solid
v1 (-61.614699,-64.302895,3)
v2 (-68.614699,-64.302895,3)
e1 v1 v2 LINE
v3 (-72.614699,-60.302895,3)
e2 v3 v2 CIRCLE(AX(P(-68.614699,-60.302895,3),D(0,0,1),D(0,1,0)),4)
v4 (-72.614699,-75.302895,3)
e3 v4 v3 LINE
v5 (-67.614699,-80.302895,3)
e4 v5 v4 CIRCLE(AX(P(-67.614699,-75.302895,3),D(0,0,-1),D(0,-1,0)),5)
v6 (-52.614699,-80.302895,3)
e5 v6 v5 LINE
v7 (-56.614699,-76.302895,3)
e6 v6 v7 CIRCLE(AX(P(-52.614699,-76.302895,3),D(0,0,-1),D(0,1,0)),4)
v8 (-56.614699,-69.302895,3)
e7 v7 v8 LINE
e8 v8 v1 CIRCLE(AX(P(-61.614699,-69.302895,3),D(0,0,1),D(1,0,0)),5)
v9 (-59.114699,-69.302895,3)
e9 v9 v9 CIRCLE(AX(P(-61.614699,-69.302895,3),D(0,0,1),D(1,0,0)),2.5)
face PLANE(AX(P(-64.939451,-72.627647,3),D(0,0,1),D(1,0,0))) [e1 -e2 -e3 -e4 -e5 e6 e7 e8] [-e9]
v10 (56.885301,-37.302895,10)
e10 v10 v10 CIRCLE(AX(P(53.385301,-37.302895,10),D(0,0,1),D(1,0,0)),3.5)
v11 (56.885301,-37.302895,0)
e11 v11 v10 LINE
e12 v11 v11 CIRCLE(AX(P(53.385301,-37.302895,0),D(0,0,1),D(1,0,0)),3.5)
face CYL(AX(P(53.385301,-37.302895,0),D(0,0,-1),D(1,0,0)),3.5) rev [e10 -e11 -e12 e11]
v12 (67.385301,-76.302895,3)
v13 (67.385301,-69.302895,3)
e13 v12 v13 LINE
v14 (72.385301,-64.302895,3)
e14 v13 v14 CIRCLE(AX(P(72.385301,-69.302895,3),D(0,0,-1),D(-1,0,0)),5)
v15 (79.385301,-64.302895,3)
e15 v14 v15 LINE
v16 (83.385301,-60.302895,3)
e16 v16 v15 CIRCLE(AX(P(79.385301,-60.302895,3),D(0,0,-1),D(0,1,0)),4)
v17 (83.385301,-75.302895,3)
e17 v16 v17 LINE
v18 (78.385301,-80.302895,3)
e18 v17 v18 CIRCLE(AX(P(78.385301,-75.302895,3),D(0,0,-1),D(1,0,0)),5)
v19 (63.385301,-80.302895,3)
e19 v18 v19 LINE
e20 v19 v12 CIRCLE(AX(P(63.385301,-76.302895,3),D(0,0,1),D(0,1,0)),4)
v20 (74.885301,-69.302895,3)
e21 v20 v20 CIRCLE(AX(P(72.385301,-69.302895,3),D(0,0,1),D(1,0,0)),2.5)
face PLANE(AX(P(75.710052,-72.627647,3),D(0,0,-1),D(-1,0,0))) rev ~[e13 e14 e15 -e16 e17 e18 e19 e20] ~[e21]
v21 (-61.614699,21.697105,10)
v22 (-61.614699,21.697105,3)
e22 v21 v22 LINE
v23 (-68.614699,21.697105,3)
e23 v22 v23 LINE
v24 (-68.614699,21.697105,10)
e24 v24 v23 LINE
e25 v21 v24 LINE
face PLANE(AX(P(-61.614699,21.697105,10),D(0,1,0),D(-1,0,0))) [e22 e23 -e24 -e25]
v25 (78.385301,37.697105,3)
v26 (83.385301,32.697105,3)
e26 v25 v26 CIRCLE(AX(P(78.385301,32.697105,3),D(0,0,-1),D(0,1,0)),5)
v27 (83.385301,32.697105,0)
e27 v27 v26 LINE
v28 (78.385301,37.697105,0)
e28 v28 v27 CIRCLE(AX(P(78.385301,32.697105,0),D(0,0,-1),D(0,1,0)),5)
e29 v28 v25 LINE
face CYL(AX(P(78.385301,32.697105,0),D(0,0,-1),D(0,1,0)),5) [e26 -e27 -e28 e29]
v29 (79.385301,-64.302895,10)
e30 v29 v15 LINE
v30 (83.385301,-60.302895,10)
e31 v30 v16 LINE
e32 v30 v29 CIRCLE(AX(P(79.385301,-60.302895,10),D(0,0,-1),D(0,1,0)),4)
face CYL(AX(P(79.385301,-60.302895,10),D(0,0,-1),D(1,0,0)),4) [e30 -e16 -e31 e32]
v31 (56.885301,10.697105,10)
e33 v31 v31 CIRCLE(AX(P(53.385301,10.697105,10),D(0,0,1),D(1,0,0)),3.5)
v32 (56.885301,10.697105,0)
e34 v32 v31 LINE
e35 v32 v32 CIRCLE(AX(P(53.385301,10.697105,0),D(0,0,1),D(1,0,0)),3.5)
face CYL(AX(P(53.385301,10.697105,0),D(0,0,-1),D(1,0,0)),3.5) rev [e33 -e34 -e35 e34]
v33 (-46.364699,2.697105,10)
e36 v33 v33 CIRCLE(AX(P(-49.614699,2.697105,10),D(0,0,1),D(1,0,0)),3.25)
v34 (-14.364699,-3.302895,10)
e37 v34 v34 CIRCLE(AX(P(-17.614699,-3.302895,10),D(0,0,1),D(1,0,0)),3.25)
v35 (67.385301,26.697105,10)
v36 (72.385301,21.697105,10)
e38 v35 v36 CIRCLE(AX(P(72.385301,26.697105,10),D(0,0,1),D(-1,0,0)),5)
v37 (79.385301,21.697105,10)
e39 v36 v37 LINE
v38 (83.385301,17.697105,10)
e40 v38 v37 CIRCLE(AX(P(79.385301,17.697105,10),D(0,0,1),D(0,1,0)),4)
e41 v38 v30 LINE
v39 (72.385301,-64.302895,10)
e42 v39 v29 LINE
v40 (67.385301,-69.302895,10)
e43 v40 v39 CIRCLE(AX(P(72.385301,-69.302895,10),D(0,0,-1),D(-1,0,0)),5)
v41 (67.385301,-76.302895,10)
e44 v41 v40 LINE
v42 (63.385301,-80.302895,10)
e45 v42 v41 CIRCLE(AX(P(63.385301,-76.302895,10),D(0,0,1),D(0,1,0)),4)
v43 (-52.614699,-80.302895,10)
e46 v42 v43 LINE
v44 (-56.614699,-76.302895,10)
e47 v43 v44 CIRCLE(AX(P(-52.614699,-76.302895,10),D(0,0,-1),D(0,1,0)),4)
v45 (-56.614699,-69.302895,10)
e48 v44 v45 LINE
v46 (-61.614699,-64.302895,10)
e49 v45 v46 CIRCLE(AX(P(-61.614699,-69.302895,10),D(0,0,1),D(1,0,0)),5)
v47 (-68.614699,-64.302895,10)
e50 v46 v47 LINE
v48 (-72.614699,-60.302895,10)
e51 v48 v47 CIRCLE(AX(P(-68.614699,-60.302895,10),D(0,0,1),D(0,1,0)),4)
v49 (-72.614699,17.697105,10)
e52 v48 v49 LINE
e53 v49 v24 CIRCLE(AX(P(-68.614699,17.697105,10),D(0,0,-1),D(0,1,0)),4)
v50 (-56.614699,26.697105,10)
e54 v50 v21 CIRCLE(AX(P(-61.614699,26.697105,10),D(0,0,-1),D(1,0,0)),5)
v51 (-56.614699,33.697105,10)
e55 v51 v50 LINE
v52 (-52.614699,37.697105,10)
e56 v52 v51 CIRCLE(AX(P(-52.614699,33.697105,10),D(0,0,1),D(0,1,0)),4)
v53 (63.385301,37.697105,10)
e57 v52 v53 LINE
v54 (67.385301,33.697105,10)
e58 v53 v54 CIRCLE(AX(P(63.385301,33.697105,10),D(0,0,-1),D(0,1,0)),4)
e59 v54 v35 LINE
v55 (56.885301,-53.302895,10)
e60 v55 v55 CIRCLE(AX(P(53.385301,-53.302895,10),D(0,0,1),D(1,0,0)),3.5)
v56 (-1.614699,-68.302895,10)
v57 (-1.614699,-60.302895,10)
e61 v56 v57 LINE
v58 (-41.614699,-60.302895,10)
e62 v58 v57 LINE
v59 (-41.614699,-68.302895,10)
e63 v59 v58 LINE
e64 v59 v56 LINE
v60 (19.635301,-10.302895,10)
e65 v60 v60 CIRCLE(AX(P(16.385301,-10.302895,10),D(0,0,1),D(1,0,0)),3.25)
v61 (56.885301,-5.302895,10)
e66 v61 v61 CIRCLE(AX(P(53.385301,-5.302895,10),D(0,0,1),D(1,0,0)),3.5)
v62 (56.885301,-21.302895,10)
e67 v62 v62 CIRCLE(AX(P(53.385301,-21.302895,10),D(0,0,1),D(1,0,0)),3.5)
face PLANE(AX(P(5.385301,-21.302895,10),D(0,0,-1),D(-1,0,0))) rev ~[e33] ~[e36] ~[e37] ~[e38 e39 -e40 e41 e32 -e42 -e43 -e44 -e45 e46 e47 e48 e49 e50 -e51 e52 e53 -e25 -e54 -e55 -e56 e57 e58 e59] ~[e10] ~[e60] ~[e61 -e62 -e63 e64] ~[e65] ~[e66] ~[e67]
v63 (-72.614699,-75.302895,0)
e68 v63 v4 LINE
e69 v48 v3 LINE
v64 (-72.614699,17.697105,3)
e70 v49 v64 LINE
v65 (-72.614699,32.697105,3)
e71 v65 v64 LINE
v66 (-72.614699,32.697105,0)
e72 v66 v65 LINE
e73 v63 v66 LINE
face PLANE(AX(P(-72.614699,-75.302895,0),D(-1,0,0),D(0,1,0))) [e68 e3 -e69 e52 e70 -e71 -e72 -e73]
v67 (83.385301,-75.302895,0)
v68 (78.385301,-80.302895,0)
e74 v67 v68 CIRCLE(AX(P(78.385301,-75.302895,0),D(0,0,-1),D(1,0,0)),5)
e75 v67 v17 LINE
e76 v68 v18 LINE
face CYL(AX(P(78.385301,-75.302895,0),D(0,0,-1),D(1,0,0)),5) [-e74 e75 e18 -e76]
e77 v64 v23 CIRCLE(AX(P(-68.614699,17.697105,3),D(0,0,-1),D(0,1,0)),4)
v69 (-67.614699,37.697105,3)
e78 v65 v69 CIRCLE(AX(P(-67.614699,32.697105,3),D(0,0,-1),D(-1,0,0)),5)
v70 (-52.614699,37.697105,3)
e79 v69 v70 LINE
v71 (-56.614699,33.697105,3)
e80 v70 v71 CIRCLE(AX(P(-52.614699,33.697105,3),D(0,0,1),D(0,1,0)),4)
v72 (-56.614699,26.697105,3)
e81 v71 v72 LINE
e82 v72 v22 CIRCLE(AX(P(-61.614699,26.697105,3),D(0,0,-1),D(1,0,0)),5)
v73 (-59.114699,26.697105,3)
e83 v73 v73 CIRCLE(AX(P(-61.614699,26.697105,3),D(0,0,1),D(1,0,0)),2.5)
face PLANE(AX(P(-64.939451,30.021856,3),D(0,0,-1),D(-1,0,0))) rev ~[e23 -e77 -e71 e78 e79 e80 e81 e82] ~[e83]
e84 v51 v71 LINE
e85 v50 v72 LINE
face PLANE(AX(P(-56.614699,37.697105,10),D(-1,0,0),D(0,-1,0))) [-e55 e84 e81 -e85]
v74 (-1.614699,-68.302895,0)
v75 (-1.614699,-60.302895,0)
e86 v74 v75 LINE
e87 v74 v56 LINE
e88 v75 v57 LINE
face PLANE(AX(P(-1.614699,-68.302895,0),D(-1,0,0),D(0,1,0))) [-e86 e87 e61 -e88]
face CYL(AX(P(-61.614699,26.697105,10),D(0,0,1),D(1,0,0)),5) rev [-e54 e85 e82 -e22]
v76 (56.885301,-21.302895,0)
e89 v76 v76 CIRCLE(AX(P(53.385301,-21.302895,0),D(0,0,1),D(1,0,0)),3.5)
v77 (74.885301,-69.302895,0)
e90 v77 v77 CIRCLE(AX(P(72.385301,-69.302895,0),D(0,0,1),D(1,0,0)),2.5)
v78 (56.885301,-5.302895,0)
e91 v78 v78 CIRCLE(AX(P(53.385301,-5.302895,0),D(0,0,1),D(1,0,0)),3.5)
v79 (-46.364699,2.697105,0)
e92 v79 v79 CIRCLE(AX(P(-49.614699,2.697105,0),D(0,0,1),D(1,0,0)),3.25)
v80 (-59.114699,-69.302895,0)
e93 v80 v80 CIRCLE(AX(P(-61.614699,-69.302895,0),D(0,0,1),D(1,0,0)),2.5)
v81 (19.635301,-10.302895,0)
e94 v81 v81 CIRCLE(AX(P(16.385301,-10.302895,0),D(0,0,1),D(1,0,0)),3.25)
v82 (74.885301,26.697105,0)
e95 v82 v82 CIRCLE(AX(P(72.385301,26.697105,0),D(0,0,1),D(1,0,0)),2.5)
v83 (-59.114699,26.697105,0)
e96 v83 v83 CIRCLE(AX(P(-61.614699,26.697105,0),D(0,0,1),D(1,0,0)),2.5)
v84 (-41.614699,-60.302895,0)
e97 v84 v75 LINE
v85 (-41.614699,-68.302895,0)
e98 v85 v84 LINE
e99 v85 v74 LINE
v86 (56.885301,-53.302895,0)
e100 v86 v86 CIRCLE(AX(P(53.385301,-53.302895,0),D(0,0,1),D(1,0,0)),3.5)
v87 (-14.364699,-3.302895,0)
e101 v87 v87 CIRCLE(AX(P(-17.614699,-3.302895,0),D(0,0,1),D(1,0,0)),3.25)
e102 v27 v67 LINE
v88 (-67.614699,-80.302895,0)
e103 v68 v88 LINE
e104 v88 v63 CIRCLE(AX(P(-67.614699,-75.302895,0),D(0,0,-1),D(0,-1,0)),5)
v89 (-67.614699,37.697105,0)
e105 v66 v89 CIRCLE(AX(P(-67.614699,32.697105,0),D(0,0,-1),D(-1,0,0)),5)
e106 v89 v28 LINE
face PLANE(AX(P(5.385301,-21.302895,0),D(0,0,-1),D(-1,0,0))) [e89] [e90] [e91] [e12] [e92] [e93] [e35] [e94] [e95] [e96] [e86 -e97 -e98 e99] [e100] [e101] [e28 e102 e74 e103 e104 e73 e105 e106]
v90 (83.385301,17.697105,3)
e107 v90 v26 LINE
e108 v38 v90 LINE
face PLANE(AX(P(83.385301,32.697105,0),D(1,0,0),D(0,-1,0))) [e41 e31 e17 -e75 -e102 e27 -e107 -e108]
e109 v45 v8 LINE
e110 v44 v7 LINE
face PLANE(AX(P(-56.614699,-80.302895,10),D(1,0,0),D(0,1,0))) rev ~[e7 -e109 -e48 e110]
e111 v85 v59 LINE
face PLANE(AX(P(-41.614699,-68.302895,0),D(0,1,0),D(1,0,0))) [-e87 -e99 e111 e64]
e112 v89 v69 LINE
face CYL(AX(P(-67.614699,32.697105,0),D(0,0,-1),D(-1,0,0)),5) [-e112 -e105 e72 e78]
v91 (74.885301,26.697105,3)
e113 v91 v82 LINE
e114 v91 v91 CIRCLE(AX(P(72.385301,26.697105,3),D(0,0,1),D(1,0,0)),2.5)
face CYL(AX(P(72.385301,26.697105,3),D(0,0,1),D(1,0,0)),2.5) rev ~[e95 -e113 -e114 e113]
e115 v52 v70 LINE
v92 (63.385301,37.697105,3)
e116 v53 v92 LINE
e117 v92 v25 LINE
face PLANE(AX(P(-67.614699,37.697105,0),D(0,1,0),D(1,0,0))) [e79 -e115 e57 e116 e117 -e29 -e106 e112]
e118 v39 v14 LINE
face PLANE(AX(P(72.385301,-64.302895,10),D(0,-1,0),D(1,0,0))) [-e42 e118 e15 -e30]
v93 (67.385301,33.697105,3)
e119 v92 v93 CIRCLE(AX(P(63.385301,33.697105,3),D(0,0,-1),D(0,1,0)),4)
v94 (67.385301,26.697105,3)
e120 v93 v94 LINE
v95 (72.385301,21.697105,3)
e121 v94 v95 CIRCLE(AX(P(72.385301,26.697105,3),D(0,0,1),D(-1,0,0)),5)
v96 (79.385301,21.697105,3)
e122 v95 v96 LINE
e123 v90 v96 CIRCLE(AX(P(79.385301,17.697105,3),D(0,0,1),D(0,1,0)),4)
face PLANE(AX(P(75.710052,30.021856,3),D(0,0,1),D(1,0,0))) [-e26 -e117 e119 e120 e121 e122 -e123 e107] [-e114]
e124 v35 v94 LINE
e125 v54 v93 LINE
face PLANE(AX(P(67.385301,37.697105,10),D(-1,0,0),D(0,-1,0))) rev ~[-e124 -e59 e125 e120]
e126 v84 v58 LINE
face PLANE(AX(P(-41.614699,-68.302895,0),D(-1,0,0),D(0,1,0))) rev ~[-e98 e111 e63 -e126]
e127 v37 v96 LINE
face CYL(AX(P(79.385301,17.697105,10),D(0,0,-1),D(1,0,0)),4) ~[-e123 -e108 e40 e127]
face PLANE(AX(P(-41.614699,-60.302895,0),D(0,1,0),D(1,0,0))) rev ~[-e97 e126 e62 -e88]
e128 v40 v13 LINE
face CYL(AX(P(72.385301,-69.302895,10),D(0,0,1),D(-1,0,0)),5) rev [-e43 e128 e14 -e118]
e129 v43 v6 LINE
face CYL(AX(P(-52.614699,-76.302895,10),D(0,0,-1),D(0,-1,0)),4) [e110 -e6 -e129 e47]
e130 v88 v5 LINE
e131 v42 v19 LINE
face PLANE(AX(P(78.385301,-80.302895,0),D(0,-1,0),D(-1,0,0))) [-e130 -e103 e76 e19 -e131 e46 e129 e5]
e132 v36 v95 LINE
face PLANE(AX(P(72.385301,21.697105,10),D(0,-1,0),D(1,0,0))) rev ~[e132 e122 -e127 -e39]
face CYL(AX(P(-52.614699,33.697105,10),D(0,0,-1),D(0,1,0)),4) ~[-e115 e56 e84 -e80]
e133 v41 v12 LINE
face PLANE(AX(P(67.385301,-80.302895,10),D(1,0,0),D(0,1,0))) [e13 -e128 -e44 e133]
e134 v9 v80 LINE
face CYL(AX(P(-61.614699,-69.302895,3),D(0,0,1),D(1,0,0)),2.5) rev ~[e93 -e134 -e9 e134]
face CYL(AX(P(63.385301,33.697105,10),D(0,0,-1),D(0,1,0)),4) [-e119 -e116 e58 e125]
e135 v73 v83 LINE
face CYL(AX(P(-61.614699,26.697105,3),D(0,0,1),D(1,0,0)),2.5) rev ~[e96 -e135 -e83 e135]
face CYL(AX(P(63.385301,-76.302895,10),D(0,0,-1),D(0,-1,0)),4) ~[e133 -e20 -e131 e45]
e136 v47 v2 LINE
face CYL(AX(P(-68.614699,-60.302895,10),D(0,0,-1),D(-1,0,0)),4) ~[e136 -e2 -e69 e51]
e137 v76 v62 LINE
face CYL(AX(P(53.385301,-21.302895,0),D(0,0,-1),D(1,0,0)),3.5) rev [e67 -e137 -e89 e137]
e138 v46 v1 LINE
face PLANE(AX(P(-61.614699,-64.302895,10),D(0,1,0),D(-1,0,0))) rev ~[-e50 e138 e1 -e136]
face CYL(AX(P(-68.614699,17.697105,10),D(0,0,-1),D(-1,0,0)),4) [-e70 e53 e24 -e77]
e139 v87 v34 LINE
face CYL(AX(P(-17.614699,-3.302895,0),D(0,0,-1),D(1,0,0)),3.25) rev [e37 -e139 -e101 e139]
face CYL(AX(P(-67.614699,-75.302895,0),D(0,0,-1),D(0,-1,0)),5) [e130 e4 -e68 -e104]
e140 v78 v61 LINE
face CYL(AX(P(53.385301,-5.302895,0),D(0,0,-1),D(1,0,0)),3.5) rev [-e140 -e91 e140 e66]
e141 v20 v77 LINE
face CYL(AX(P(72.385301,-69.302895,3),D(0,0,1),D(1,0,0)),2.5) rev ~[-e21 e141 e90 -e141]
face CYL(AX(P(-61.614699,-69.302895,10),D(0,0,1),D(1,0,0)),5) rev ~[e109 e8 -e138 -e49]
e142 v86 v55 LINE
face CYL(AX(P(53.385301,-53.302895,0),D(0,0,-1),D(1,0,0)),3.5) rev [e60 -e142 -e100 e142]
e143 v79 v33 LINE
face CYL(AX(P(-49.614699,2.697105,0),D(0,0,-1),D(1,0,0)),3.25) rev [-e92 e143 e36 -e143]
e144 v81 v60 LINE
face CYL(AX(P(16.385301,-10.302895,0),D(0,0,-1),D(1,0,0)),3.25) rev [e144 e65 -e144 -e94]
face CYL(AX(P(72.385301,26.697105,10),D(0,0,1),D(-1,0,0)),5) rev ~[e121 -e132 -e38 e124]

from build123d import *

# Parameters (mm, degrees)
SKETCH1_R           = 3.25
SKETCH1_R_2         = 3.5
SKETCH1_W           = 40
SKETCH1_H           = 8
BOSS_EXTRUDE1_DEPTH = 10
CUT_EXTRUDE1_DEPTH  = 7
SKETCH3_R           = 2.5
CUT_EXTRUDE2_DEPTH  = 10
FILLET1_R           = 4


with BuildPart() as part:
    # Sketch1 → Boss-Extrude1 (new body)
    with BuildSketch(Plane.XY):
        with BuildLine():
            Line((-67.614699332, 37.697104677), (78.385300668, 37.697104677))
            ThreePointArc((78.385300668, 37.697104677), (81.920834574, 36.232638583), (83.385300668, 32.697104677))
            Line((83.385300668, 32.697104677), (83.385300668, -75.302895323))
            ThreePointArc((83.385300668, -75.302895323), (81.920834574, -78.838429229), (78.385300668, -80.302895323))
            Line((78.385300668, -80.302895323), (-67.614699332, -80.302895323))
            ThreePointArc((-67.614699332, -80.302895323), (-71.150233238, -78.838429229), (-72.614699332, -75.302895323))
            Line((-72.614699332, -75.302895323), (-72.614699332, 32.697104677))
            ThreePointArc((-72.614699332, 32.697104677), (-71.150233238, 36.232638583), (-67.614699332, 37.697104677))
        make_face()
        with Locations((-49.614699332, 2.697104677)):
            Circle(SKETCH1_R, mode=Mode.SUBTRACT)
        with Locations((-17.614699332, -3.302895323)):
            Circle(SKETCH1_R, mode=Mode.SUBTRACT)
        with Locations((16.385300668, -10.302895323)):
            Circle(SKETCH1_R, mode=Mode.SUBTRACT)
        with Locations((53.385300668, 10.697104677)):
            Circle(SKETCH1_R_2, mode=Mode.SUBTRACT)
        with Locations((53.385300668, -5.302895323)):
            Circle(SKETCH1_R_2, mode=Mode.SUBTRACT)
        with Locations((53.385300668, -21.302895323)):
            Circle(SKETCH1_R_2, mode=Mode.SUBTRACT)
        with Locations((53.385300668, -37.302895323)):
            Circle(SKETCH1_R_2, mode=Mode.SUBTRACT)
        with Locations((53.385300668, -53.302895323)):
            Circle(SKETCH1_R_2, mode=Mode.SUBTRACT)
        with Locations((-21.614699332, -64.302895323)):
            Rectangle(SKETCH1_W, SKETCH1_H, mode=Mode.SUBTRACT)
    extrude(amount=BOSS_EXTRUDE1_DEPTH)

    # Sketch2 → Cut-Extrude1 (cut)
    with BuildSketch(Plane.XY.offset(10)):
        with BuildLine():
            Line((-72.614699332, 37.697104677), (-56.614699332, 37.697104677))
            Line((-56.614699332, 37.697104677), (-56.614699332, 26.697104677))
            ThreePointArc((-56.614699332, 26.697104677), (-58.079165426, 23.161570771), (-61.614699332, 21.697104677))
            Line((-61.614699332, 21.697104677), (-72.614699332, 21.697104677))
            Line((-72.614699332, 21.697104677), (-72.614699332, 37.697104677))
        make_face()
        with BuildLine():
            Line((83.385300668, 37.697104677), (67.385300668, 37.697104677))
            Line((67.385300668, 37.697104677), (67.385300668, 26.697104677))
            ThreePointArc((67.385300668, 26.697104677), (68.849766762, 23.161570771), (72.385300668, 21.697104677))
            Line((72.385300668, 21.697104677), (83.385300668, 21.697104677))
            Line((83.385300668, 21.697104677), (83.385300668, 37.697104677))
        make_face()
        with BuildLine():
            Line((83.385300668, -80.302895323), (67.385300668, -80.302895323))
            Line((67.385300668, -80.302895323), (67.385300668, -69.302895323))
            ThreePointArc((67.385300668, -69.302895323), (68.849766762, -65.767361417), (72.385300668, -64.302895323))
            Line((72.385300668, -64.302895323), (83.385300668, -64.302895323))
            Line((83.385300668, -64.302895323), (83.385300668, -80.302895323))
        make_face()
        with BuildLine():
            Line((-72.614699332, -80.302895323), (-56.614699332, -80.302895323))
            Line((-56.614699332, -80.302895323), (-56.614699332, -69.302895323))
            ThreePointArc((-56.614699332, -69.302895323), (-58.079165426, -65.767361417), (-61.614699332, -64.302895323))
            Line((-61.614699332, -64.302895323), (-72.614699332, -64.302895323))
            Line((-72.614699332, -64.302895323), (-72.614699332, -80.302895323))
        make_face()
    extrude(amount=-CUT_EXTRUDE1_DEPTH, mode=Mode.SUBTRACT)

    # Sketch3 → Cut-Extrude2 (cut)
    with BuildSketch(Plane.XY.offset(3)):
        with Locations((-61.614699332, 26.697104677)):
            Circle(SKETCH3_R)
        with Locations((72.385300668, 26.697104677)):
            Circle(SKETCH3_R)
        with Locations((72.385300668, -69.302895323)):
            Circle(SKETCH3_R)
        with Locations((-61.614699332, -69.302895323)):
            Circle(SKETCH3_R)
    extrude(amount=-CUT_EXTRUDE2_DEPTH, mode=Mode.SUBTRACT)

    # Fillet1
    fillet1_edges = [part.edges().sort_by_distance(p)[0] for p in [
        (83.385300668, -64.302895323, 6.5),
        (67.385300668, -80.302895323, 6.5),
        (67.385300668, 37.697104677, 6.5),
        (83.385300668, 21.697104677, 6.5),
        (-72.614699332, 21.697104677, 6.5),
        (-56.614699332, 37.697104677, 6.5),
        (-56.614699332, -80.302895323, 6.5),
        (-72.614699332, -64.302895323, 6.5),
    ]]
    fillet(fillet1_edges, radius=FILLET1_R)


solid = part.part
